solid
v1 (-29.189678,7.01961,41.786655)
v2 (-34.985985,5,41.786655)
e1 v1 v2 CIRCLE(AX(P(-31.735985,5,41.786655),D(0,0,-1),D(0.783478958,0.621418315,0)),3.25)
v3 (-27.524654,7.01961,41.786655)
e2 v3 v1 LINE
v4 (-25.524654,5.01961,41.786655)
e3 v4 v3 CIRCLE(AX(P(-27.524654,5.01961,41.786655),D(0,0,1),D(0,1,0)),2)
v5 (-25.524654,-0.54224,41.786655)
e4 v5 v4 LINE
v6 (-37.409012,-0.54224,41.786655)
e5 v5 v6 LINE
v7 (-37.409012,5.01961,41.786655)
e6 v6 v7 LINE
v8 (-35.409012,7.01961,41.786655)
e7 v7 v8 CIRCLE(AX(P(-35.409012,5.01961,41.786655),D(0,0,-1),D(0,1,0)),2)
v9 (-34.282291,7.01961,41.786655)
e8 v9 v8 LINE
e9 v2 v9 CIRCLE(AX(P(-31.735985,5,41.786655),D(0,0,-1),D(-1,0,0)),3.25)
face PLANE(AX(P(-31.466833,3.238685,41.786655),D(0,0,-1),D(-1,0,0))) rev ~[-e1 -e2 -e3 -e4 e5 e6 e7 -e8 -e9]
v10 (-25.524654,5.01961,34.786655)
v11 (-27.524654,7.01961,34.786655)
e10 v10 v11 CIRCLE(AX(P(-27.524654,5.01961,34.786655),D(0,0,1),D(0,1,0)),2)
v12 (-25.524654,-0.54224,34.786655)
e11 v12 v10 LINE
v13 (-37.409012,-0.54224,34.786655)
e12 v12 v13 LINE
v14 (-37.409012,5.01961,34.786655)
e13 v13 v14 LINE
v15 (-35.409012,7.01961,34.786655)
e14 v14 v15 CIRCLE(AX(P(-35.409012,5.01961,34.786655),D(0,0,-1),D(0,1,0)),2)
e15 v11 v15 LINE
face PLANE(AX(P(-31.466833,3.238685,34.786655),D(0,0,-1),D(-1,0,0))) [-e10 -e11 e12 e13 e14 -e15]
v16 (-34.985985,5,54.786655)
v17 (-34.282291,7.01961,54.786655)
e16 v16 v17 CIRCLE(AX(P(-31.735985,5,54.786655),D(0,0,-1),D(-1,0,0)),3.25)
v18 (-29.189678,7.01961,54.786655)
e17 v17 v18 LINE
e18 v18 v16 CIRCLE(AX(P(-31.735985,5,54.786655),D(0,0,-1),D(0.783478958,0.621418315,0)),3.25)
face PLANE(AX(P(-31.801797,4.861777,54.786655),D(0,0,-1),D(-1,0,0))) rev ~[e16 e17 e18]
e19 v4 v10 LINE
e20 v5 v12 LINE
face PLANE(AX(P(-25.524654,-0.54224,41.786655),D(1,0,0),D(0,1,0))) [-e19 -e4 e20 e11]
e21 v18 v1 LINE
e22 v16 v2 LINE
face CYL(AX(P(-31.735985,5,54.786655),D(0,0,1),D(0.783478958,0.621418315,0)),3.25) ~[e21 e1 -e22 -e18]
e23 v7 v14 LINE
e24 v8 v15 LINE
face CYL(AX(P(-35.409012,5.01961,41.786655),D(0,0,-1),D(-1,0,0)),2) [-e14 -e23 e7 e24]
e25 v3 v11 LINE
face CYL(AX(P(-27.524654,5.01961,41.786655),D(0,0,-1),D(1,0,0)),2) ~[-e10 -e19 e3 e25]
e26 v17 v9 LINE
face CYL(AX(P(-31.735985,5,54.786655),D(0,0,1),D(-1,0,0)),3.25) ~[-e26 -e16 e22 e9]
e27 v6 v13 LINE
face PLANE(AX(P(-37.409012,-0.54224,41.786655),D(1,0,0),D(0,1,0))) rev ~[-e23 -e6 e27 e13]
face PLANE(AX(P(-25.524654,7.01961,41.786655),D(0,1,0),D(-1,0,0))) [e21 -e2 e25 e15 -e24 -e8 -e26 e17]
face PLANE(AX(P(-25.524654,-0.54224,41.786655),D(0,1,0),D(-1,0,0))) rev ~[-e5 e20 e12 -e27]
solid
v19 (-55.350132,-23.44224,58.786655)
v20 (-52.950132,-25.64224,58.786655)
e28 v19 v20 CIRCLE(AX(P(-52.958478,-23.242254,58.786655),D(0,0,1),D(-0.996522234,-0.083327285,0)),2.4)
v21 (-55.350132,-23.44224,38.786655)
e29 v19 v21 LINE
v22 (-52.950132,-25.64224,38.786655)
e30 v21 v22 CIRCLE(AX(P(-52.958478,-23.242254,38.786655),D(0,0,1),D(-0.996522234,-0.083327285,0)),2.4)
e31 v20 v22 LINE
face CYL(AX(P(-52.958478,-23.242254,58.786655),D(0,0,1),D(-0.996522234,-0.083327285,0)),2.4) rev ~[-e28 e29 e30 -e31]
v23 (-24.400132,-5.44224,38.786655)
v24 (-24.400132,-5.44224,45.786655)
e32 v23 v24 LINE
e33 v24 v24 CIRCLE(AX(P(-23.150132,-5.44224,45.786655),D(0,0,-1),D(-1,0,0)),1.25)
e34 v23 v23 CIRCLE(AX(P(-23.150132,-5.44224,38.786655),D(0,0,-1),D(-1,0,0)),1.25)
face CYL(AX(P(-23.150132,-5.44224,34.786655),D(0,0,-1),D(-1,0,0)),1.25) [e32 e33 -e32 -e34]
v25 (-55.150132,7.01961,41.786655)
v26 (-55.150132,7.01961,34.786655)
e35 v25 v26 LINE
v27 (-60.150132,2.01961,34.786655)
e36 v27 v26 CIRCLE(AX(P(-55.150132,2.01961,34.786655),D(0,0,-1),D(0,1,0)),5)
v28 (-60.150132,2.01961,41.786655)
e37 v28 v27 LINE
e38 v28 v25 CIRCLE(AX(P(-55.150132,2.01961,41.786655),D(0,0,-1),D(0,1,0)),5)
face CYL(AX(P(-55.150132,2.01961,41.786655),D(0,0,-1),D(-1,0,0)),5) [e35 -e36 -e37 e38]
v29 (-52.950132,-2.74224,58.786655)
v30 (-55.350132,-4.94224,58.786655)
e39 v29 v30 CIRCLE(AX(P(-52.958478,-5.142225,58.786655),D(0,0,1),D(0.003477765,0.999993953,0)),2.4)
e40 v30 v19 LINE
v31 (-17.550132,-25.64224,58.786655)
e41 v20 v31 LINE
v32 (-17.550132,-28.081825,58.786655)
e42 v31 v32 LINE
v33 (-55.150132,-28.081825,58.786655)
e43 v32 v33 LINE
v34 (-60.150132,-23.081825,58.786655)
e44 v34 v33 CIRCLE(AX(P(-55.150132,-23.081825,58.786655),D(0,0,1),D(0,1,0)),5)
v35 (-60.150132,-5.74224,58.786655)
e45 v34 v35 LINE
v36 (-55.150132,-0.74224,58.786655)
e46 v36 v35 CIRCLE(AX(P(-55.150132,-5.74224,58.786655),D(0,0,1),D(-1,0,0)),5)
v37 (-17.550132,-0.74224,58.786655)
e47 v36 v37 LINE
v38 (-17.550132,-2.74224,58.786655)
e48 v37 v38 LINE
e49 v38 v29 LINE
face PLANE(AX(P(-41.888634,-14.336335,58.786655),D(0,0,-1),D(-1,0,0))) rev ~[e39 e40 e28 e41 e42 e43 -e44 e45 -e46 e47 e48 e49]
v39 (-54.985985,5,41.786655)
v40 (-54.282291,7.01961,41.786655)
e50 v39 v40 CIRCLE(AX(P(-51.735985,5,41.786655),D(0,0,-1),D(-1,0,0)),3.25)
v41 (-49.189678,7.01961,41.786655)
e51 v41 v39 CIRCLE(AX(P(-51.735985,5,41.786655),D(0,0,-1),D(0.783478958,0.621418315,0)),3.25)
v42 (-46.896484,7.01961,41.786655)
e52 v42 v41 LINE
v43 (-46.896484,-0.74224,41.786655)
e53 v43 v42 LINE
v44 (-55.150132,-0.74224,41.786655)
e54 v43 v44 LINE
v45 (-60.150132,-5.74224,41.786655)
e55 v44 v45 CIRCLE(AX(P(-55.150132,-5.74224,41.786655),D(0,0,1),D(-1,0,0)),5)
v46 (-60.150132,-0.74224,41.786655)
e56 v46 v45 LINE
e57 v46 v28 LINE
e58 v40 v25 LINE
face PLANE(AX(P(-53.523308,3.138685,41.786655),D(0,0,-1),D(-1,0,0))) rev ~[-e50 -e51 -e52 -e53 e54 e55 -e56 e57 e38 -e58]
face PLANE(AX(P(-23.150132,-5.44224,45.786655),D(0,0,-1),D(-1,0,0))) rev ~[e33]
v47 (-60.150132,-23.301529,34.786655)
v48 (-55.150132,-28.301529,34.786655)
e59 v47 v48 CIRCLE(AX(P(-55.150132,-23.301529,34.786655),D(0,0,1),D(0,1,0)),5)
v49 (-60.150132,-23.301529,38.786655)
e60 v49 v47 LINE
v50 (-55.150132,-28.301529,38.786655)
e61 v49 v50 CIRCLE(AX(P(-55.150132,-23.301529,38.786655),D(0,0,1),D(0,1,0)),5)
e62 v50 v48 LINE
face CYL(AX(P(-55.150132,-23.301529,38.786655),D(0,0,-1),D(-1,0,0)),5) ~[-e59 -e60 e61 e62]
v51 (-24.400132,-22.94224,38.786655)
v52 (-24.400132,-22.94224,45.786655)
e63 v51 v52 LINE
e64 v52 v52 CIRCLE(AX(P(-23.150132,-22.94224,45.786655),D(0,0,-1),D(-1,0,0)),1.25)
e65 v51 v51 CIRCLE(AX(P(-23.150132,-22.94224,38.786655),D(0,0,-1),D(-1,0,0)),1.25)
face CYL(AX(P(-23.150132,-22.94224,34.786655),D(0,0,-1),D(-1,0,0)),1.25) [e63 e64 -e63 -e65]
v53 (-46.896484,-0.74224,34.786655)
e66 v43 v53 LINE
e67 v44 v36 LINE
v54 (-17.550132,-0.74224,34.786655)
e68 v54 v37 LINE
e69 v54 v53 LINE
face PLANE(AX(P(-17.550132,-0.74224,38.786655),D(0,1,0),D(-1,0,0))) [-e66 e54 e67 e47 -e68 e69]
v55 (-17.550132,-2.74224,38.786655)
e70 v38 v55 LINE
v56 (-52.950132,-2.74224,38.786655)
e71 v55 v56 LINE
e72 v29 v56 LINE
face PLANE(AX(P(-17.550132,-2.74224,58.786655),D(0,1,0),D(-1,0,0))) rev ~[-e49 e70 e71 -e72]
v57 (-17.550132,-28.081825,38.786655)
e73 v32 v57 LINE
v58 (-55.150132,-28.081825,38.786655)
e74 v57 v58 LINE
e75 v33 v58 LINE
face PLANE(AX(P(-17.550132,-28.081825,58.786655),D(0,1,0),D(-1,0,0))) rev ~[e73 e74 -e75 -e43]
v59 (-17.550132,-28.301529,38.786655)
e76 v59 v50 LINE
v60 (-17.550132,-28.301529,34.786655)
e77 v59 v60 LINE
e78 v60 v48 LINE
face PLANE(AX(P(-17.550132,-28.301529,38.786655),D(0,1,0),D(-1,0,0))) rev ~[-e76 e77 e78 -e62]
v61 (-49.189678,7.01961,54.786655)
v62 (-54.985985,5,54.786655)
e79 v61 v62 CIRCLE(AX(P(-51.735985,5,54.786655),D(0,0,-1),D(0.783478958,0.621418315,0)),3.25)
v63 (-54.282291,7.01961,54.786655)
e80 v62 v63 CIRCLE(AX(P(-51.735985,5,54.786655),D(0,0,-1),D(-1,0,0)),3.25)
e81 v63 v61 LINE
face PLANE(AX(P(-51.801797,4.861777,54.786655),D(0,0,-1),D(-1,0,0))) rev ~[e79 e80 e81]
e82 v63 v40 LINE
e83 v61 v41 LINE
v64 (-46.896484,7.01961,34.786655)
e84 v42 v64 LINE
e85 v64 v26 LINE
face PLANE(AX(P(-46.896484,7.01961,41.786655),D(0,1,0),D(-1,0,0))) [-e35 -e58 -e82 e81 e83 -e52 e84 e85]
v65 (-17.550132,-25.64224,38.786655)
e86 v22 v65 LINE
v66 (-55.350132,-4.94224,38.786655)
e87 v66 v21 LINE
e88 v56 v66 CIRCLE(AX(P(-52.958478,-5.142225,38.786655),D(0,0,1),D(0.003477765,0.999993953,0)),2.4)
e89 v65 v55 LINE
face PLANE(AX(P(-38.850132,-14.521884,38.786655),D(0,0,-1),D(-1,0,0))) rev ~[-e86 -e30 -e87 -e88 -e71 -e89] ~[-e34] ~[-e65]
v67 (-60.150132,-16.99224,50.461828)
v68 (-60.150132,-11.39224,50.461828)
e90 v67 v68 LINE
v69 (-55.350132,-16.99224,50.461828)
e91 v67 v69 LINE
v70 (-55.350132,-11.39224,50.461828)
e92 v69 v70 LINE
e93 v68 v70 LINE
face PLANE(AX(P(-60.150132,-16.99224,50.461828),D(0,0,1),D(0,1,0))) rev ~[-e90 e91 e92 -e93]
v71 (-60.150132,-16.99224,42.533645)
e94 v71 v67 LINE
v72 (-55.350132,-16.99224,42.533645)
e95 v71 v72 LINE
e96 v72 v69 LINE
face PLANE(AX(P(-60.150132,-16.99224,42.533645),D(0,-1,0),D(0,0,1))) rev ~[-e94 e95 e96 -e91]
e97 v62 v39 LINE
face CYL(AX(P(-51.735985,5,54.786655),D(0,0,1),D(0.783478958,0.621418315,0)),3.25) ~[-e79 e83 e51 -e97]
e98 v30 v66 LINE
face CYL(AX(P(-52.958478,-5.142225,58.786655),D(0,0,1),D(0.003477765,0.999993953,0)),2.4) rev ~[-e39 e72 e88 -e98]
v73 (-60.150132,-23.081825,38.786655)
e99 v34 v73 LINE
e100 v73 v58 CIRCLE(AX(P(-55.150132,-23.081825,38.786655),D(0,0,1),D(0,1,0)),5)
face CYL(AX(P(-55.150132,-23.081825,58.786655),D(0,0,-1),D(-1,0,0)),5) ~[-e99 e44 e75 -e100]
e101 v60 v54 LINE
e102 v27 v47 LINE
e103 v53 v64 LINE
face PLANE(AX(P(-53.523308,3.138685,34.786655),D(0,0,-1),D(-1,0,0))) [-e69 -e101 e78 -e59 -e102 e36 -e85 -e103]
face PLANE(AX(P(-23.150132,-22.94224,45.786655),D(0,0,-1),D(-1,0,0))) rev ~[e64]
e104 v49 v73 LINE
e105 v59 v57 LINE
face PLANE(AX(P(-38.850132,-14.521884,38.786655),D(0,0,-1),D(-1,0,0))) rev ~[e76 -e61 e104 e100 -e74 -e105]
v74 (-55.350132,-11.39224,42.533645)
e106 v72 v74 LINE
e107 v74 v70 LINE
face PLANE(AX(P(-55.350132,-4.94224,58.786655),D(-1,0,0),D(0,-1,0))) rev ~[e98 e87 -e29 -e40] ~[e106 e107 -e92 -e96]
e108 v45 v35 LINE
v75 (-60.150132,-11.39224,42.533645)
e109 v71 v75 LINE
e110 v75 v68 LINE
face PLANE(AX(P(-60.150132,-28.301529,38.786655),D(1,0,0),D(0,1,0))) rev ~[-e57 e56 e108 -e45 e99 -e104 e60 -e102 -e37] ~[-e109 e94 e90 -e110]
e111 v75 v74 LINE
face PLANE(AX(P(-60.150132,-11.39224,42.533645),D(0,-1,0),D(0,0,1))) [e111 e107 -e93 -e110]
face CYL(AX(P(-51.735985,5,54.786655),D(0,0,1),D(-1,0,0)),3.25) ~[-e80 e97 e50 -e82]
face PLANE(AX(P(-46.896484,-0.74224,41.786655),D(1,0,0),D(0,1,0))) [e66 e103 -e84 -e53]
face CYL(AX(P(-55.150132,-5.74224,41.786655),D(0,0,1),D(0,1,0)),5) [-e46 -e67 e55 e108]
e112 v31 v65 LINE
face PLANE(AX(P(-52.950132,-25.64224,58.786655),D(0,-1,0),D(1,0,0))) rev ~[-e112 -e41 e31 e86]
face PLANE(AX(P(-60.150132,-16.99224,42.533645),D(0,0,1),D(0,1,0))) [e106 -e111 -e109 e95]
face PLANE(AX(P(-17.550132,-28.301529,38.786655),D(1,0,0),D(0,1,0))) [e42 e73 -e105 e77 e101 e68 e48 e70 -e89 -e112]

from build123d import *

# Parameters (mm, degrees)
BOSS_EXTRUDE1_DEPTH        = 2
BOSS_EXTRUDE1_DEPTH_BACK   = 11
BOSS_EXTRUDE1_2_DEPTH      = 2
BOSS_EXTRUDE1_2_DEPTH_BACK = 11
BOSS_EXTRUDE2_DEPTH        = 3
BOSS_EXTRUDE2_DEPTH_BACK   = 17
SKETCH3_W                  = 7.92818374
SKETCH3_H                  = 5.6
CUT_EXTRUDE1_DEPTH         = 5
SKETCH4_W                  = 42.6
SKETCH4_H                  = 27.559288912
SKETCH4_R                  = 1.25
BOSS_EXTRUDE3_DEPTH        = 4
SKETCH5_R                  = 1.25
BOSS_EXTRUDE4_DEPTH        = 11
SKETCH6_W                  = 11.884357557
SKETCH6_H                  = 7.561849503
SKETCH6_W_2                = 13.253647929
SKETCH6_H_2                = 7.761849503
BOSS_EXTRUDE5_DEPTH        = 7
FILLET1_R                  = 5
FILLET2_R                  = 5
FILLET3_R                  = 5
FILLET4_R                  = 2


with BuildPart() as part:
    # Sketch1 → Boss-Extrude1 (new, two sides: drawn at the far end of the back side and taken through both)
    with BuildSketch(Plane(origin=(0, 0, 43.786654763), x_dir=(-1, 0, 0), z_dir=(0, 0, -1)).offset(-BOSS_EXTRUDE1_DEPTH_BACK)):
        with BuildLine():
            ThreePointArc((34.985984859, 5), (34.805023511, 6.069346414), (34.282291473, 7.019609524))
            Line((34.282291473, 7.019609524), (29.189678246, 7.019609524))
            ThreePointArc((29.189678246, 7.019609524), (30.666638445, 1.930961348), (34.985984859, 5))
        make_face()
    extrude(amount=BOSS_EXTRUDE1_DEPTH + BOSS_EXTRUDE1_DEPTH_BACK)



with BuildPart() as body_2:
    # Sketch1 → Boss-Extrude1 2 (new, two sides: drawn at the far end of the back side and taken through both)
    with BuildSketch(Plane(origin=(0, 0, 43.786654763), x_dir=(-1, 0, 0), z_dir=(0, 0, -1)).offset(-BOSS_EXTRUDE1_2_DEPTH_BACK)):
        with BuildLine():
            Line((54.282291473, 7.019609524), (49.189678246, 7.019609524))
            ThreePointArc((49.189678246, 7.019609524), (50.666638445, 1.930961348), (54.985984859, 5))
            ThreePointArc((54.985984859, 5), (54.805023511, 6.069346414), (54.282291473, 7.019609524))
        make_face()
    extrude(amount=BOSS_EXTRUDE1_2_DEPTH + BOSS_EXTRUDE1_2_DEPTH_BACK)


with BuildPart() as body_3:
    # Sketch2 → Boss-Extrude2 (new, two sides: drawn at the far end of the back side and taken through both)
    with BuildSketch(Plane(origin=(0, 0, 41.786654763), x_dir=(-1, 0, 0), z_dir=(0, 0, -1)).offset(-BOSS_EXTRUDE2_DEPTH_BACK)):
        with BuildLine():
            Line((55.350131717, -4.942239979), (55.350131717, -23.442239979))
            ThreePointArc((55.350131717, -23.442239979), (54.580217463, -25.01142443), (52.950131717, -25.642239979))
            Line((52.950131717, -25.642239979), (17.550131717, -25.642239979))
            Line((17.550131717, -25.642239979), (17.550131717, -28.081825493))
            Line((17.550131717, -28.081825493), (60.150131717, -28.081825493))
            Line((60.150131717, -28.081825493), (60.150131717, -0.742239979))
            Line((60.150131717, -0.742239979), (17.550131717, -0.742239979))
            Line((17.550131717, -0.742239979), (17.550131717, -2.742239979))
            Line((17.550131717, -2.742239979), (52.950131717, -2.742239979))
            ThreePointArc((52.950131717, -2.742239979), (54.580217463, -3.373055529), (55.350131717, -4.942239979))
        make_face()
    extrude(amount=BOSS_EXTRUDE2_DEPTH + BOSS_EXTRUDE2_DEPTH_BACK)

    # Sketch3 → Cut-Extrude1 (cut)
    with BuildSketch(Plane.ZY.offset(60.150131717)):
        with Locations((46.497736517, -14.192239979)):
            Rectangle(SKETCH3_W, SKETCH3_H)
    extrude(amount=-CUT_EXTRUDE1_DEPTH, mode=Mode.SUBTRACT)

    # Sketch4 → Boss-Extrude3 (add)
    with BuildSketch(Plane(origin=(0, 0, 38.786654763), x_dir=(-1, 0, 0), z_dir=(0, 0, -1))):
        with Locations((38.850131717, -14.521884435)):
            Rectangle(SKETCH4_W, SKETCH4_H)
        with Locations((23.150131717, -5.442239979)):
            Circle(SKETCH4_R, mode=Mode.SUBTRACT)
        with Locations((23.150131717, -22.942239979)):
            Circle(SKETCH4_R, mode=Mode.SUBTRACT)
    extrude(amount=BOSS_EXTRUDE3_DEPTH)

    # Sketch5 → Boss-Extrude4 (add)
    with BuildSketch(Plane(origin=(0, 0, 34.786654763), x_dir=(-1, 0, 0), z_dir=(0, 0, -1))):
        with Locations((23.150131717, -5.442239979)):
            Circle(SKETCH5_R)
        with Locations((23.150131717, -22.942239979)):
            Circle(SKETCH5_R)
    extrude(amount=-BOSS_EXTRUDE4_DEPTH)


with BuildPart() as part_1:
    add(part.part)

    add(body_2.part)  # Boss-Extrude5 merges body 2

    add(body_3.part)  # Boss-Extrude5 merges body 3
    # Sketch6 → Boss-Extrude5 (add)
    with BuildSketch(Plane(origin=(0, 0, 41.786654763), x_dir=(-1, 0, 0), z_dir=(0, 0, -1))):
        with Locations((31.466833118, 3.238684773)):
            Rectangle(SKETCH6_W, SKETCH6_H)
        with Locations((53.523307753, 3.138684773)):
            Rectangle(SKETCH6_W_2, SKETCH6_H_2)
    extrude(amount=BOSS_EXTRUDE5_DEPTH)

    # Fillet1
    fillet1_edges = [part_1.edges().sort_by_distance(p)[0] for p in [
        (-60.150131717, -28.081825493, 48.786654763),
        (-60.150131717, -0.742239979, 50.286654763),
    ]]
    fillet(fillet1_edges, radius=FILLET1_R)

    # Fillet2
    fillet2_edges = [part_1.edges().sort_by_distance(p)[0] for p in [
        (-60.150131717, -28.301528891, 36.786654763),
    ]]
    fillet(fillet2_edges, radius=FILLET2_R)

    # Fillet3
    fillet3_edges = [part_1.edges().sort_by_distance(p)[0] for p in [
        (-60.150131717, 7.019609524, 38.286654763),
    ]]
    fillet(fillet3_edges, radius=FILLET3_R)

    # Fillet4
    fillet4_edges = [part_1.edges().sort_by_distance(p)[0] for p in [
        (-37.409011897, 7.019609524, 38.286654763),
        (-25.52465434, 7.019609524, 38.286654763),
    ]]
    fillet(fillet4_edges, radius=FILLET4_R)


solid = part_1.part
